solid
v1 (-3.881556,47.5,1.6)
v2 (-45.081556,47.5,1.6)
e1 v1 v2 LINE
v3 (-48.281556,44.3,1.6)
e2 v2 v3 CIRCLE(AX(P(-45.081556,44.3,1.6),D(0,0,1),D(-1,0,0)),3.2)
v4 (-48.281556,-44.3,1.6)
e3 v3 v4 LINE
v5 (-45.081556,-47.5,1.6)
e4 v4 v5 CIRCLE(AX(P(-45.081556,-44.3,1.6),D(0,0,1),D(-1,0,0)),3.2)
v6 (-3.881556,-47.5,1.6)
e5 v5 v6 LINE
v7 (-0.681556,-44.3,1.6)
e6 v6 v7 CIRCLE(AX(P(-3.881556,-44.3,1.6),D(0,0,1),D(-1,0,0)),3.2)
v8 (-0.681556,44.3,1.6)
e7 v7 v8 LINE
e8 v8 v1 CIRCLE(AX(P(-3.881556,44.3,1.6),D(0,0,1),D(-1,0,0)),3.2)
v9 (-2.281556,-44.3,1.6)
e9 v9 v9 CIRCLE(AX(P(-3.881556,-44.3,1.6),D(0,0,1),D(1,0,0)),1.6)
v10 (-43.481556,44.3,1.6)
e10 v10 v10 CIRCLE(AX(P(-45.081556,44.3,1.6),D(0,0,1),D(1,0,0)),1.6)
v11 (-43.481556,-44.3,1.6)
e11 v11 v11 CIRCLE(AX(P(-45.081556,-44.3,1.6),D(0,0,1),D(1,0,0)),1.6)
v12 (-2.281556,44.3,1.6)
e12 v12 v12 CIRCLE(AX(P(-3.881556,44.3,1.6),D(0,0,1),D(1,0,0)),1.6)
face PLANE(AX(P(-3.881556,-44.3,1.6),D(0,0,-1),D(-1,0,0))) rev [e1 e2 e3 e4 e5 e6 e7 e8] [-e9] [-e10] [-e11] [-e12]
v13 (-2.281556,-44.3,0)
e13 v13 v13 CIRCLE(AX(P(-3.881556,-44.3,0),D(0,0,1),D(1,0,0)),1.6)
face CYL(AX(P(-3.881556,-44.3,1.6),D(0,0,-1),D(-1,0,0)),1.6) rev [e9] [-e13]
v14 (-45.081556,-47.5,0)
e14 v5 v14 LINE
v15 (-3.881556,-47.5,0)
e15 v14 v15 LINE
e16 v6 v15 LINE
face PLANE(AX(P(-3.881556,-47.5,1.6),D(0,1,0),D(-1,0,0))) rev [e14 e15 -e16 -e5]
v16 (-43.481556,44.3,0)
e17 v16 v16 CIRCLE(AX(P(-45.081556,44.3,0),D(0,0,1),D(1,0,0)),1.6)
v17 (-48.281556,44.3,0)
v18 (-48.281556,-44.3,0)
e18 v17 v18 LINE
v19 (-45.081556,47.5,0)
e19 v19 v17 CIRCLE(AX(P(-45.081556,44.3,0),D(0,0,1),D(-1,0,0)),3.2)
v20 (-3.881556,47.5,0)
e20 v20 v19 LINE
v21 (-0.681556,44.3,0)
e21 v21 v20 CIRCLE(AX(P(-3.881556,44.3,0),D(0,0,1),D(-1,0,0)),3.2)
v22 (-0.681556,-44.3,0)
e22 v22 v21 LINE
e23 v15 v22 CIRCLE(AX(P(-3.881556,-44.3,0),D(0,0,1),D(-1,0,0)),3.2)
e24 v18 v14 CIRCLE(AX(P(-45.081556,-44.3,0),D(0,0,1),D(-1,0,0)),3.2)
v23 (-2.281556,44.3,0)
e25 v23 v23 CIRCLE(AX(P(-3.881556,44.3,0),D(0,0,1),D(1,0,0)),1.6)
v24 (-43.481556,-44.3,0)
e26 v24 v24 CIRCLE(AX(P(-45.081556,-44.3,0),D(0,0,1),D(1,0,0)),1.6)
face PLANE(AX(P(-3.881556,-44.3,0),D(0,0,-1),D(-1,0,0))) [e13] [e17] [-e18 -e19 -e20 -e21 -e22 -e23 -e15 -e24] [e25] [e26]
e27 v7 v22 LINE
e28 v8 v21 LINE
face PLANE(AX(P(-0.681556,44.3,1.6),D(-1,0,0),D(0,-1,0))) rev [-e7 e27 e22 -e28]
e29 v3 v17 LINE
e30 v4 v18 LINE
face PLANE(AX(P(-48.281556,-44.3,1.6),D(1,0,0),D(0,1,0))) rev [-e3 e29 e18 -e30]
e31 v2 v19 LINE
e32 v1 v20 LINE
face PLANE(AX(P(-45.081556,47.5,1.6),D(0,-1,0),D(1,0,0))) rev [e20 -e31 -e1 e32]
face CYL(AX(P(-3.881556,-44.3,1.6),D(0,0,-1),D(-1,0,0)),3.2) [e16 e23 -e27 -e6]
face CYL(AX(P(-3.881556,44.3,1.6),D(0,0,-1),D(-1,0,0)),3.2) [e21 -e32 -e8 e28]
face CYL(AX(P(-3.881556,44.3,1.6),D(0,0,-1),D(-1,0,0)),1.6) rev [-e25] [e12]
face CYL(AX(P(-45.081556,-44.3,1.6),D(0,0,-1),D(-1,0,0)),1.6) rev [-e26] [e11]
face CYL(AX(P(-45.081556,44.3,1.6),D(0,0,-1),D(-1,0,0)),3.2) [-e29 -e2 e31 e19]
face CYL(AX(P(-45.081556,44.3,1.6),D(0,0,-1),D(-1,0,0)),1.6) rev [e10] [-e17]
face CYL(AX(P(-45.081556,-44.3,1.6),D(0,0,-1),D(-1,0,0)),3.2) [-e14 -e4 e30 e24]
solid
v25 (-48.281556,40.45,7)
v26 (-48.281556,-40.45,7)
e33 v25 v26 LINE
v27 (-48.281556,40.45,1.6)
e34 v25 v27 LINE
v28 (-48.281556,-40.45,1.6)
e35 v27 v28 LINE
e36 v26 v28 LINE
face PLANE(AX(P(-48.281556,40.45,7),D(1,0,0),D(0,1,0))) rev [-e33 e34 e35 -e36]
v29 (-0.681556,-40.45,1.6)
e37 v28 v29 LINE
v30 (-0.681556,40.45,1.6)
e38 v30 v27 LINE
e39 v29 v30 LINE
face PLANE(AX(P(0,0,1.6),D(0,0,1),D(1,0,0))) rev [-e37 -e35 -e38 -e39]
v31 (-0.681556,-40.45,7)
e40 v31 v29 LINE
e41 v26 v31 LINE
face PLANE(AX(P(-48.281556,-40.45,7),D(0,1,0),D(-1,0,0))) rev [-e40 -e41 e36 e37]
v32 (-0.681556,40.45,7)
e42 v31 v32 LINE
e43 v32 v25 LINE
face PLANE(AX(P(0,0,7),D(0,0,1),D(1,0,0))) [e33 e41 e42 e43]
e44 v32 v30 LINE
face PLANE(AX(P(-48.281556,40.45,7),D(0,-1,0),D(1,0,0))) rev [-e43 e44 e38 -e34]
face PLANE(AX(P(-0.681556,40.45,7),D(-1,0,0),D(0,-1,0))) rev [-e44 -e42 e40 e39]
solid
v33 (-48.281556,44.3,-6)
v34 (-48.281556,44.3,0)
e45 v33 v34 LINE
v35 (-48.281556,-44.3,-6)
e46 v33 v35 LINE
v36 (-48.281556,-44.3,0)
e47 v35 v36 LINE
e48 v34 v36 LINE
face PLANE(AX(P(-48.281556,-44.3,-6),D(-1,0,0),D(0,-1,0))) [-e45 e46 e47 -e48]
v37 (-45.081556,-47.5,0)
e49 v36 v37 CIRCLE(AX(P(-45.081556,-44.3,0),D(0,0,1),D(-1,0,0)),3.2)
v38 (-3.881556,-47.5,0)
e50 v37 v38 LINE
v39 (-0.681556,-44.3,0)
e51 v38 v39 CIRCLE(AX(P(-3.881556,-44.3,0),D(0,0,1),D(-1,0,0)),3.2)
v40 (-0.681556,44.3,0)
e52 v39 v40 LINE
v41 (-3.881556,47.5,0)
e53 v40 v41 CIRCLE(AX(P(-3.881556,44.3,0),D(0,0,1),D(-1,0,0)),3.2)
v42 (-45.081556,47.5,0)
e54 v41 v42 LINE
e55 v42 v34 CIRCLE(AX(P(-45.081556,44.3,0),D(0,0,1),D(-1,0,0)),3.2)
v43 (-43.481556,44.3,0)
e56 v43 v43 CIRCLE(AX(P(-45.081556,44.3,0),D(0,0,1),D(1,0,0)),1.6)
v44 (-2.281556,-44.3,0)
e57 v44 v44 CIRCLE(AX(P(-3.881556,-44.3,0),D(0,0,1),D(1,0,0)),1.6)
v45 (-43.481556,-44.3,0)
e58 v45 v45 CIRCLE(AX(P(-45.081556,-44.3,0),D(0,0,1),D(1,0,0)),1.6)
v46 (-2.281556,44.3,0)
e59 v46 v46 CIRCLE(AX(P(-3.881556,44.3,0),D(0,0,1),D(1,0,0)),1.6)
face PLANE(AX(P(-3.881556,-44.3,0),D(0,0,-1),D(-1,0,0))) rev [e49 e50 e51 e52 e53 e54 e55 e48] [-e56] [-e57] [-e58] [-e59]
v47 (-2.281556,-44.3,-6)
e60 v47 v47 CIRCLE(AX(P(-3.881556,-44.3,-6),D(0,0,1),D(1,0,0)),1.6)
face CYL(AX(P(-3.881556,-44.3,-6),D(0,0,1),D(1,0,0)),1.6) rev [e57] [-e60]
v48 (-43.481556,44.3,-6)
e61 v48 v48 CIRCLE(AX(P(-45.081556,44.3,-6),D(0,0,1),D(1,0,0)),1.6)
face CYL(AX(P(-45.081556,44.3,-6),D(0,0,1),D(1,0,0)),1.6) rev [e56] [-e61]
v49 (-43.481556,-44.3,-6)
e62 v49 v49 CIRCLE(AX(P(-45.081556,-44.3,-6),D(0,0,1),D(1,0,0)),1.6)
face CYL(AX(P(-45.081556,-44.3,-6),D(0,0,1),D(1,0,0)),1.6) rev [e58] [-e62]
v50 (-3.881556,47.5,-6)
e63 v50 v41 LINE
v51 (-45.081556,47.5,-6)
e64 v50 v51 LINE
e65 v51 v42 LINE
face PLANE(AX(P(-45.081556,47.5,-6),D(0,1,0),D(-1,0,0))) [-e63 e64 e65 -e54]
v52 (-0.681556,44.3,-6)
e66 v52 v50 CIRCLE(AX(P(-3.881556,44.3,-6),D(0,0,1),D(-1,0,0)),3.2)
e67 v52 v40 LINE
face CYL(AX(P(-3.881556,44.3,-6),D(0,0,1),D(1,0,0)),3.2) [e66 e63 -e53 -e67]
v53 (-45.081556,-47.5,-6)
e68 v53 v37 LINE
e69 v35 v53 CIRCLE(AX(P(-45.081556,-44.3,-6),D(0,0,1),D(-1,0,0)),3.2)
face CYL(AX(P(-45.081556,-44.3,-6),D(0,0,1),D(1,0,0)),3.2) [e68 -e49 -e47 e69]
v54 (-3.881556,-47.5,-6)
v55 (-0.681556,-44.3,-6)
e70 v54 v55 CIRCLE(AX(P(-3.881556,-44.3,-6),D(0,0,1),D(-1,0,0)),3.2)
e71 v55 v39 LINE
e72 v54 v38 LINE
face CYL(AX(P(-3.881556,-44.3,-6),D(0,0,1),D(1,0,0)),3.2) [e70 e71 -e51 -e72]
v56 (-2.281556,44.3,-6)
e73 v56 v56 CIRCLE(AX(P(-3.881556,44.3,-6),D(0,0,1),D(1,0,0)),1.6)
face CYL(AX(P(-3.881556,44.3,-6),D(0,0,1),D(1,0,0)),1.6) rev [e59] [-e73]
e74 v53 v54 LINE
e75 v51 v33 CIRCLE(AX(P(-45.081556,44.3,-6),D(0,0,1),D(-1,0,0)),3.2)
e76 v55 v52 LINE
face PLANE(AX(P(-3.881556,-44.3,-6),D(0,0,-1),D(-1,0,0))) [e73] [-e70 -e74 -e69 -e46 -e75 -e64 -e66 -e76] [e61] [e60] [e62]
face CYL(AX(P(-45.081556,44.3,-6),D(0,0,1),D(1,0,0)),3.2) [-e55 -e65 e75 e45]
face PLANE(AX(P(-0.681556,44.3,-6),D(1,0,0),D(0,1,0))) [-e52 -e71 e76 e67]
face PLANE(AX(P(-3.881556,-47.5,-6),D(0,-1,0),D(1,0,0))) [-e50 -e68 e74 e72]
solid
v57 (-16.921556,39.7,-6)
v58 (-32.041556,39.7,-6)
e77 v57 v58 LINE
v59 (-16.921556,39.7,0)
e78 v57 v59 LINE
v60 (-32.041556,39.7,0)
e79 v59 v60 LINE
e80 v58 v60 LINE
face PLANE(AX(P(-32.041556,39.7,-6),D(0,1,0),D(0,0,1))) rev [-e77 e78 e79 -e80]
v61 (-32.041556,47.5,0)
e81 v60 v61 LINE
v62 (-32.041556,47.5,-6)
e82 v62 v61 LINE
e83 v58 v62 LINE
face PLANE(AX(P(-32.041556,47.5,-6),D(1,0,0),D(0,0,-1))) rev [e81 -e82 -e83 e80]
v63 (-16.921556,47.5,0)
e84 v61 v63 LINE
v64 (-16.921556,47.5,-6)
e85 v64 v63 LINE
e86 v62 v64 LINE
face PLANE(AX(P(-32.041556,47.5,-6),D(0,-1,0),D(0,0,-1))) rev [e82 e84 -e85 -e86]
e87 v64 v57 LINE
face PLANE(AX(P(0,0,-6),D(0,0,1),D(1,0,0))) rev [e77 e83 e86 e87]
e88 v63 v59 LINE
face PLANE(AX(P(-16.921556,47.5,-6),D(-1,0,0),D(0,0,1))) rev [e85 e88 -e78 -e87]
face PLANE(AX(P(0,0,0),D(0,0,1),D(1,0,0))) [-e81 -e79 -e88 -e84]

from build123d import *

# Parameters (mm, degrees)
SKETCH1_R           = 1.6
BOSS_EXTRUDE1_DEPTH = 1.6
SKETCH2_W           = 47.6
SKETCH2_H           = 80.9
BOSS_EXTRUDE2_DEPTH = 5.4
SKETCH1_2_R         = 1.6
BOSS_EXTRUDE3_DEPTH = 6
SKETCH3_W           = 15.12
SKETCH3_H           = 7.8
BOSS_EXTRUDE4_DEPTH = 6


with BuildPart() as part:
    # Sketch1 → Boss-Extrude1 (new body)
    with BuildSketch(Plane(origin=(0, 0, 0), x_dir=(0, 1, 0), z_dir=(0, 0, 1))):
        with BuildLine():
            Line((-47.5, 3.881555812), (-47.5, 45.081555812))
            ThreePointArc((-47.5, 45.081555812), (-46.5627417, 47.344297512), (-44.3, 48.281555812))
            Line((-44.3, 48.281555812), (44.3, 48.281555812))
            ThreePointArc((44.3, 48.281555812), (46.5627417, 47.344297512), (47.5, 45.081555812))
            Line((47.5, 45.081555812), (47.5, 3.881555812))
            ThreePointArc((47.5, 3.881555812), (46.5627417, 1.618814112), (44.3, 0.681555812))
            Line((44.3, 0.681555812), (-44.3, 0.681555812))
            ThreePointArc((-44.3, 0.681555812), (-46.5627417, 1.618814112), (-47.5, 3.881555812))
        make_face()
        with Locations((-44.3, 45.081555812)):
            Circle(SKETCH1_R, mode=Mode.SUBTRACT)
        with Locations((-44.3, 3.881555812)):
            Circle(SKETCH1_R, mode=Mode.SUBTRACT)
        with Locations((44.3, 3.881555812)):
            Circle(SKETCH1_R, mode=Mode.SUBTRACT)
        with Locations((44.3, 45.081555812)):
            Circle(SKETCH1_R, mode=Mode.SUBTRACT)
    extrude(amount=BOSS_EXTRUDE1_DEPTH)


with BuildPart() as body_2:
    # Sketch2 → Boss-Extrude2 (new body)
    with BuildSketch(Plane.XY.offset(1.6)):
        with Locations((-24.481555812, 0)):
            Rectangle(SKETCH2_W, SKETCH2_H)
    extrude(amount=BOSS_EXTRUDE2_DEPTH)


with BuildPart() as body_3:
    # Sketch1<2> → Boss-Extrude3 (new body)
    with BuildSketch(Plane(origin=(0, 0, 0), x_dir=(0, 1, 0), z_dir=(0, 0, 1))):
        with BuildLine():
            Line((-47.5, 3.881555812), (-47.5, 45.081555812))
            ThreePointArc((-47.5, 45.081555812), (-46.5627417, 47.344297512), (-44.3, 48.281555812))
            Line((-44.3, 48.281555812), (44.3, 48.281555812))
            ThreePointArc((44.3, 48.281555812), (46.5627417, 47.344297512), (47.5, 45.081555812))
            Line((47.5, 45.081555812), (47.5, 3.881555812))
            ThreePointArc((47.5, 3.881555812), (46.5627417, 1.618814112), (44.3, 0.681555812))
            Line((44.3, 0.681555812), (-44.3, 0.681555812))
            ThreePointArc((-44.3, 0.681555812), (-46.5627417, 1.618814112), (-47.5, 3.881555812))
        make_face()
        with Locations((-44.3, 45.081555812)):
            Circle(SKETCH1_2_R, mode=Mode.SUBTRACT)
        with Locations((-44.3, 3.881555812)):
            Circle(SKETCH1_2_R, mode=Mode.SUBTRACT)
        with Locations((44.3, 3.881555812)):
            Circle(SKETCH1_2_R, mode=Mode.SUBTRACT)
        with Locations((44.3, 45.081555812)):
            Circle(SKETCH1_2_R, mode=Mode.SUBTRACT)
    extrude(amount=-BOSS_EXTRUDE3_DEPTH)


with BuildPart() as body_4:
    # Sketch3 → Boss-Extrude4 (new body)
    with BuildSketch(Plane(origin=(0, 0, 0), x_dir=(1, 0, 0), z_dir=(0, 0, -1))):
        with Locations((-24.481555812, -43.6)):
            Rectangle(SKETCH3_W, SKETCH3_H)
    extrude(amount=BOSS_EXTRUDE4_DEPTH)


solid = Compound([part.part, body_2.part, body_3.part, body_4.part])
